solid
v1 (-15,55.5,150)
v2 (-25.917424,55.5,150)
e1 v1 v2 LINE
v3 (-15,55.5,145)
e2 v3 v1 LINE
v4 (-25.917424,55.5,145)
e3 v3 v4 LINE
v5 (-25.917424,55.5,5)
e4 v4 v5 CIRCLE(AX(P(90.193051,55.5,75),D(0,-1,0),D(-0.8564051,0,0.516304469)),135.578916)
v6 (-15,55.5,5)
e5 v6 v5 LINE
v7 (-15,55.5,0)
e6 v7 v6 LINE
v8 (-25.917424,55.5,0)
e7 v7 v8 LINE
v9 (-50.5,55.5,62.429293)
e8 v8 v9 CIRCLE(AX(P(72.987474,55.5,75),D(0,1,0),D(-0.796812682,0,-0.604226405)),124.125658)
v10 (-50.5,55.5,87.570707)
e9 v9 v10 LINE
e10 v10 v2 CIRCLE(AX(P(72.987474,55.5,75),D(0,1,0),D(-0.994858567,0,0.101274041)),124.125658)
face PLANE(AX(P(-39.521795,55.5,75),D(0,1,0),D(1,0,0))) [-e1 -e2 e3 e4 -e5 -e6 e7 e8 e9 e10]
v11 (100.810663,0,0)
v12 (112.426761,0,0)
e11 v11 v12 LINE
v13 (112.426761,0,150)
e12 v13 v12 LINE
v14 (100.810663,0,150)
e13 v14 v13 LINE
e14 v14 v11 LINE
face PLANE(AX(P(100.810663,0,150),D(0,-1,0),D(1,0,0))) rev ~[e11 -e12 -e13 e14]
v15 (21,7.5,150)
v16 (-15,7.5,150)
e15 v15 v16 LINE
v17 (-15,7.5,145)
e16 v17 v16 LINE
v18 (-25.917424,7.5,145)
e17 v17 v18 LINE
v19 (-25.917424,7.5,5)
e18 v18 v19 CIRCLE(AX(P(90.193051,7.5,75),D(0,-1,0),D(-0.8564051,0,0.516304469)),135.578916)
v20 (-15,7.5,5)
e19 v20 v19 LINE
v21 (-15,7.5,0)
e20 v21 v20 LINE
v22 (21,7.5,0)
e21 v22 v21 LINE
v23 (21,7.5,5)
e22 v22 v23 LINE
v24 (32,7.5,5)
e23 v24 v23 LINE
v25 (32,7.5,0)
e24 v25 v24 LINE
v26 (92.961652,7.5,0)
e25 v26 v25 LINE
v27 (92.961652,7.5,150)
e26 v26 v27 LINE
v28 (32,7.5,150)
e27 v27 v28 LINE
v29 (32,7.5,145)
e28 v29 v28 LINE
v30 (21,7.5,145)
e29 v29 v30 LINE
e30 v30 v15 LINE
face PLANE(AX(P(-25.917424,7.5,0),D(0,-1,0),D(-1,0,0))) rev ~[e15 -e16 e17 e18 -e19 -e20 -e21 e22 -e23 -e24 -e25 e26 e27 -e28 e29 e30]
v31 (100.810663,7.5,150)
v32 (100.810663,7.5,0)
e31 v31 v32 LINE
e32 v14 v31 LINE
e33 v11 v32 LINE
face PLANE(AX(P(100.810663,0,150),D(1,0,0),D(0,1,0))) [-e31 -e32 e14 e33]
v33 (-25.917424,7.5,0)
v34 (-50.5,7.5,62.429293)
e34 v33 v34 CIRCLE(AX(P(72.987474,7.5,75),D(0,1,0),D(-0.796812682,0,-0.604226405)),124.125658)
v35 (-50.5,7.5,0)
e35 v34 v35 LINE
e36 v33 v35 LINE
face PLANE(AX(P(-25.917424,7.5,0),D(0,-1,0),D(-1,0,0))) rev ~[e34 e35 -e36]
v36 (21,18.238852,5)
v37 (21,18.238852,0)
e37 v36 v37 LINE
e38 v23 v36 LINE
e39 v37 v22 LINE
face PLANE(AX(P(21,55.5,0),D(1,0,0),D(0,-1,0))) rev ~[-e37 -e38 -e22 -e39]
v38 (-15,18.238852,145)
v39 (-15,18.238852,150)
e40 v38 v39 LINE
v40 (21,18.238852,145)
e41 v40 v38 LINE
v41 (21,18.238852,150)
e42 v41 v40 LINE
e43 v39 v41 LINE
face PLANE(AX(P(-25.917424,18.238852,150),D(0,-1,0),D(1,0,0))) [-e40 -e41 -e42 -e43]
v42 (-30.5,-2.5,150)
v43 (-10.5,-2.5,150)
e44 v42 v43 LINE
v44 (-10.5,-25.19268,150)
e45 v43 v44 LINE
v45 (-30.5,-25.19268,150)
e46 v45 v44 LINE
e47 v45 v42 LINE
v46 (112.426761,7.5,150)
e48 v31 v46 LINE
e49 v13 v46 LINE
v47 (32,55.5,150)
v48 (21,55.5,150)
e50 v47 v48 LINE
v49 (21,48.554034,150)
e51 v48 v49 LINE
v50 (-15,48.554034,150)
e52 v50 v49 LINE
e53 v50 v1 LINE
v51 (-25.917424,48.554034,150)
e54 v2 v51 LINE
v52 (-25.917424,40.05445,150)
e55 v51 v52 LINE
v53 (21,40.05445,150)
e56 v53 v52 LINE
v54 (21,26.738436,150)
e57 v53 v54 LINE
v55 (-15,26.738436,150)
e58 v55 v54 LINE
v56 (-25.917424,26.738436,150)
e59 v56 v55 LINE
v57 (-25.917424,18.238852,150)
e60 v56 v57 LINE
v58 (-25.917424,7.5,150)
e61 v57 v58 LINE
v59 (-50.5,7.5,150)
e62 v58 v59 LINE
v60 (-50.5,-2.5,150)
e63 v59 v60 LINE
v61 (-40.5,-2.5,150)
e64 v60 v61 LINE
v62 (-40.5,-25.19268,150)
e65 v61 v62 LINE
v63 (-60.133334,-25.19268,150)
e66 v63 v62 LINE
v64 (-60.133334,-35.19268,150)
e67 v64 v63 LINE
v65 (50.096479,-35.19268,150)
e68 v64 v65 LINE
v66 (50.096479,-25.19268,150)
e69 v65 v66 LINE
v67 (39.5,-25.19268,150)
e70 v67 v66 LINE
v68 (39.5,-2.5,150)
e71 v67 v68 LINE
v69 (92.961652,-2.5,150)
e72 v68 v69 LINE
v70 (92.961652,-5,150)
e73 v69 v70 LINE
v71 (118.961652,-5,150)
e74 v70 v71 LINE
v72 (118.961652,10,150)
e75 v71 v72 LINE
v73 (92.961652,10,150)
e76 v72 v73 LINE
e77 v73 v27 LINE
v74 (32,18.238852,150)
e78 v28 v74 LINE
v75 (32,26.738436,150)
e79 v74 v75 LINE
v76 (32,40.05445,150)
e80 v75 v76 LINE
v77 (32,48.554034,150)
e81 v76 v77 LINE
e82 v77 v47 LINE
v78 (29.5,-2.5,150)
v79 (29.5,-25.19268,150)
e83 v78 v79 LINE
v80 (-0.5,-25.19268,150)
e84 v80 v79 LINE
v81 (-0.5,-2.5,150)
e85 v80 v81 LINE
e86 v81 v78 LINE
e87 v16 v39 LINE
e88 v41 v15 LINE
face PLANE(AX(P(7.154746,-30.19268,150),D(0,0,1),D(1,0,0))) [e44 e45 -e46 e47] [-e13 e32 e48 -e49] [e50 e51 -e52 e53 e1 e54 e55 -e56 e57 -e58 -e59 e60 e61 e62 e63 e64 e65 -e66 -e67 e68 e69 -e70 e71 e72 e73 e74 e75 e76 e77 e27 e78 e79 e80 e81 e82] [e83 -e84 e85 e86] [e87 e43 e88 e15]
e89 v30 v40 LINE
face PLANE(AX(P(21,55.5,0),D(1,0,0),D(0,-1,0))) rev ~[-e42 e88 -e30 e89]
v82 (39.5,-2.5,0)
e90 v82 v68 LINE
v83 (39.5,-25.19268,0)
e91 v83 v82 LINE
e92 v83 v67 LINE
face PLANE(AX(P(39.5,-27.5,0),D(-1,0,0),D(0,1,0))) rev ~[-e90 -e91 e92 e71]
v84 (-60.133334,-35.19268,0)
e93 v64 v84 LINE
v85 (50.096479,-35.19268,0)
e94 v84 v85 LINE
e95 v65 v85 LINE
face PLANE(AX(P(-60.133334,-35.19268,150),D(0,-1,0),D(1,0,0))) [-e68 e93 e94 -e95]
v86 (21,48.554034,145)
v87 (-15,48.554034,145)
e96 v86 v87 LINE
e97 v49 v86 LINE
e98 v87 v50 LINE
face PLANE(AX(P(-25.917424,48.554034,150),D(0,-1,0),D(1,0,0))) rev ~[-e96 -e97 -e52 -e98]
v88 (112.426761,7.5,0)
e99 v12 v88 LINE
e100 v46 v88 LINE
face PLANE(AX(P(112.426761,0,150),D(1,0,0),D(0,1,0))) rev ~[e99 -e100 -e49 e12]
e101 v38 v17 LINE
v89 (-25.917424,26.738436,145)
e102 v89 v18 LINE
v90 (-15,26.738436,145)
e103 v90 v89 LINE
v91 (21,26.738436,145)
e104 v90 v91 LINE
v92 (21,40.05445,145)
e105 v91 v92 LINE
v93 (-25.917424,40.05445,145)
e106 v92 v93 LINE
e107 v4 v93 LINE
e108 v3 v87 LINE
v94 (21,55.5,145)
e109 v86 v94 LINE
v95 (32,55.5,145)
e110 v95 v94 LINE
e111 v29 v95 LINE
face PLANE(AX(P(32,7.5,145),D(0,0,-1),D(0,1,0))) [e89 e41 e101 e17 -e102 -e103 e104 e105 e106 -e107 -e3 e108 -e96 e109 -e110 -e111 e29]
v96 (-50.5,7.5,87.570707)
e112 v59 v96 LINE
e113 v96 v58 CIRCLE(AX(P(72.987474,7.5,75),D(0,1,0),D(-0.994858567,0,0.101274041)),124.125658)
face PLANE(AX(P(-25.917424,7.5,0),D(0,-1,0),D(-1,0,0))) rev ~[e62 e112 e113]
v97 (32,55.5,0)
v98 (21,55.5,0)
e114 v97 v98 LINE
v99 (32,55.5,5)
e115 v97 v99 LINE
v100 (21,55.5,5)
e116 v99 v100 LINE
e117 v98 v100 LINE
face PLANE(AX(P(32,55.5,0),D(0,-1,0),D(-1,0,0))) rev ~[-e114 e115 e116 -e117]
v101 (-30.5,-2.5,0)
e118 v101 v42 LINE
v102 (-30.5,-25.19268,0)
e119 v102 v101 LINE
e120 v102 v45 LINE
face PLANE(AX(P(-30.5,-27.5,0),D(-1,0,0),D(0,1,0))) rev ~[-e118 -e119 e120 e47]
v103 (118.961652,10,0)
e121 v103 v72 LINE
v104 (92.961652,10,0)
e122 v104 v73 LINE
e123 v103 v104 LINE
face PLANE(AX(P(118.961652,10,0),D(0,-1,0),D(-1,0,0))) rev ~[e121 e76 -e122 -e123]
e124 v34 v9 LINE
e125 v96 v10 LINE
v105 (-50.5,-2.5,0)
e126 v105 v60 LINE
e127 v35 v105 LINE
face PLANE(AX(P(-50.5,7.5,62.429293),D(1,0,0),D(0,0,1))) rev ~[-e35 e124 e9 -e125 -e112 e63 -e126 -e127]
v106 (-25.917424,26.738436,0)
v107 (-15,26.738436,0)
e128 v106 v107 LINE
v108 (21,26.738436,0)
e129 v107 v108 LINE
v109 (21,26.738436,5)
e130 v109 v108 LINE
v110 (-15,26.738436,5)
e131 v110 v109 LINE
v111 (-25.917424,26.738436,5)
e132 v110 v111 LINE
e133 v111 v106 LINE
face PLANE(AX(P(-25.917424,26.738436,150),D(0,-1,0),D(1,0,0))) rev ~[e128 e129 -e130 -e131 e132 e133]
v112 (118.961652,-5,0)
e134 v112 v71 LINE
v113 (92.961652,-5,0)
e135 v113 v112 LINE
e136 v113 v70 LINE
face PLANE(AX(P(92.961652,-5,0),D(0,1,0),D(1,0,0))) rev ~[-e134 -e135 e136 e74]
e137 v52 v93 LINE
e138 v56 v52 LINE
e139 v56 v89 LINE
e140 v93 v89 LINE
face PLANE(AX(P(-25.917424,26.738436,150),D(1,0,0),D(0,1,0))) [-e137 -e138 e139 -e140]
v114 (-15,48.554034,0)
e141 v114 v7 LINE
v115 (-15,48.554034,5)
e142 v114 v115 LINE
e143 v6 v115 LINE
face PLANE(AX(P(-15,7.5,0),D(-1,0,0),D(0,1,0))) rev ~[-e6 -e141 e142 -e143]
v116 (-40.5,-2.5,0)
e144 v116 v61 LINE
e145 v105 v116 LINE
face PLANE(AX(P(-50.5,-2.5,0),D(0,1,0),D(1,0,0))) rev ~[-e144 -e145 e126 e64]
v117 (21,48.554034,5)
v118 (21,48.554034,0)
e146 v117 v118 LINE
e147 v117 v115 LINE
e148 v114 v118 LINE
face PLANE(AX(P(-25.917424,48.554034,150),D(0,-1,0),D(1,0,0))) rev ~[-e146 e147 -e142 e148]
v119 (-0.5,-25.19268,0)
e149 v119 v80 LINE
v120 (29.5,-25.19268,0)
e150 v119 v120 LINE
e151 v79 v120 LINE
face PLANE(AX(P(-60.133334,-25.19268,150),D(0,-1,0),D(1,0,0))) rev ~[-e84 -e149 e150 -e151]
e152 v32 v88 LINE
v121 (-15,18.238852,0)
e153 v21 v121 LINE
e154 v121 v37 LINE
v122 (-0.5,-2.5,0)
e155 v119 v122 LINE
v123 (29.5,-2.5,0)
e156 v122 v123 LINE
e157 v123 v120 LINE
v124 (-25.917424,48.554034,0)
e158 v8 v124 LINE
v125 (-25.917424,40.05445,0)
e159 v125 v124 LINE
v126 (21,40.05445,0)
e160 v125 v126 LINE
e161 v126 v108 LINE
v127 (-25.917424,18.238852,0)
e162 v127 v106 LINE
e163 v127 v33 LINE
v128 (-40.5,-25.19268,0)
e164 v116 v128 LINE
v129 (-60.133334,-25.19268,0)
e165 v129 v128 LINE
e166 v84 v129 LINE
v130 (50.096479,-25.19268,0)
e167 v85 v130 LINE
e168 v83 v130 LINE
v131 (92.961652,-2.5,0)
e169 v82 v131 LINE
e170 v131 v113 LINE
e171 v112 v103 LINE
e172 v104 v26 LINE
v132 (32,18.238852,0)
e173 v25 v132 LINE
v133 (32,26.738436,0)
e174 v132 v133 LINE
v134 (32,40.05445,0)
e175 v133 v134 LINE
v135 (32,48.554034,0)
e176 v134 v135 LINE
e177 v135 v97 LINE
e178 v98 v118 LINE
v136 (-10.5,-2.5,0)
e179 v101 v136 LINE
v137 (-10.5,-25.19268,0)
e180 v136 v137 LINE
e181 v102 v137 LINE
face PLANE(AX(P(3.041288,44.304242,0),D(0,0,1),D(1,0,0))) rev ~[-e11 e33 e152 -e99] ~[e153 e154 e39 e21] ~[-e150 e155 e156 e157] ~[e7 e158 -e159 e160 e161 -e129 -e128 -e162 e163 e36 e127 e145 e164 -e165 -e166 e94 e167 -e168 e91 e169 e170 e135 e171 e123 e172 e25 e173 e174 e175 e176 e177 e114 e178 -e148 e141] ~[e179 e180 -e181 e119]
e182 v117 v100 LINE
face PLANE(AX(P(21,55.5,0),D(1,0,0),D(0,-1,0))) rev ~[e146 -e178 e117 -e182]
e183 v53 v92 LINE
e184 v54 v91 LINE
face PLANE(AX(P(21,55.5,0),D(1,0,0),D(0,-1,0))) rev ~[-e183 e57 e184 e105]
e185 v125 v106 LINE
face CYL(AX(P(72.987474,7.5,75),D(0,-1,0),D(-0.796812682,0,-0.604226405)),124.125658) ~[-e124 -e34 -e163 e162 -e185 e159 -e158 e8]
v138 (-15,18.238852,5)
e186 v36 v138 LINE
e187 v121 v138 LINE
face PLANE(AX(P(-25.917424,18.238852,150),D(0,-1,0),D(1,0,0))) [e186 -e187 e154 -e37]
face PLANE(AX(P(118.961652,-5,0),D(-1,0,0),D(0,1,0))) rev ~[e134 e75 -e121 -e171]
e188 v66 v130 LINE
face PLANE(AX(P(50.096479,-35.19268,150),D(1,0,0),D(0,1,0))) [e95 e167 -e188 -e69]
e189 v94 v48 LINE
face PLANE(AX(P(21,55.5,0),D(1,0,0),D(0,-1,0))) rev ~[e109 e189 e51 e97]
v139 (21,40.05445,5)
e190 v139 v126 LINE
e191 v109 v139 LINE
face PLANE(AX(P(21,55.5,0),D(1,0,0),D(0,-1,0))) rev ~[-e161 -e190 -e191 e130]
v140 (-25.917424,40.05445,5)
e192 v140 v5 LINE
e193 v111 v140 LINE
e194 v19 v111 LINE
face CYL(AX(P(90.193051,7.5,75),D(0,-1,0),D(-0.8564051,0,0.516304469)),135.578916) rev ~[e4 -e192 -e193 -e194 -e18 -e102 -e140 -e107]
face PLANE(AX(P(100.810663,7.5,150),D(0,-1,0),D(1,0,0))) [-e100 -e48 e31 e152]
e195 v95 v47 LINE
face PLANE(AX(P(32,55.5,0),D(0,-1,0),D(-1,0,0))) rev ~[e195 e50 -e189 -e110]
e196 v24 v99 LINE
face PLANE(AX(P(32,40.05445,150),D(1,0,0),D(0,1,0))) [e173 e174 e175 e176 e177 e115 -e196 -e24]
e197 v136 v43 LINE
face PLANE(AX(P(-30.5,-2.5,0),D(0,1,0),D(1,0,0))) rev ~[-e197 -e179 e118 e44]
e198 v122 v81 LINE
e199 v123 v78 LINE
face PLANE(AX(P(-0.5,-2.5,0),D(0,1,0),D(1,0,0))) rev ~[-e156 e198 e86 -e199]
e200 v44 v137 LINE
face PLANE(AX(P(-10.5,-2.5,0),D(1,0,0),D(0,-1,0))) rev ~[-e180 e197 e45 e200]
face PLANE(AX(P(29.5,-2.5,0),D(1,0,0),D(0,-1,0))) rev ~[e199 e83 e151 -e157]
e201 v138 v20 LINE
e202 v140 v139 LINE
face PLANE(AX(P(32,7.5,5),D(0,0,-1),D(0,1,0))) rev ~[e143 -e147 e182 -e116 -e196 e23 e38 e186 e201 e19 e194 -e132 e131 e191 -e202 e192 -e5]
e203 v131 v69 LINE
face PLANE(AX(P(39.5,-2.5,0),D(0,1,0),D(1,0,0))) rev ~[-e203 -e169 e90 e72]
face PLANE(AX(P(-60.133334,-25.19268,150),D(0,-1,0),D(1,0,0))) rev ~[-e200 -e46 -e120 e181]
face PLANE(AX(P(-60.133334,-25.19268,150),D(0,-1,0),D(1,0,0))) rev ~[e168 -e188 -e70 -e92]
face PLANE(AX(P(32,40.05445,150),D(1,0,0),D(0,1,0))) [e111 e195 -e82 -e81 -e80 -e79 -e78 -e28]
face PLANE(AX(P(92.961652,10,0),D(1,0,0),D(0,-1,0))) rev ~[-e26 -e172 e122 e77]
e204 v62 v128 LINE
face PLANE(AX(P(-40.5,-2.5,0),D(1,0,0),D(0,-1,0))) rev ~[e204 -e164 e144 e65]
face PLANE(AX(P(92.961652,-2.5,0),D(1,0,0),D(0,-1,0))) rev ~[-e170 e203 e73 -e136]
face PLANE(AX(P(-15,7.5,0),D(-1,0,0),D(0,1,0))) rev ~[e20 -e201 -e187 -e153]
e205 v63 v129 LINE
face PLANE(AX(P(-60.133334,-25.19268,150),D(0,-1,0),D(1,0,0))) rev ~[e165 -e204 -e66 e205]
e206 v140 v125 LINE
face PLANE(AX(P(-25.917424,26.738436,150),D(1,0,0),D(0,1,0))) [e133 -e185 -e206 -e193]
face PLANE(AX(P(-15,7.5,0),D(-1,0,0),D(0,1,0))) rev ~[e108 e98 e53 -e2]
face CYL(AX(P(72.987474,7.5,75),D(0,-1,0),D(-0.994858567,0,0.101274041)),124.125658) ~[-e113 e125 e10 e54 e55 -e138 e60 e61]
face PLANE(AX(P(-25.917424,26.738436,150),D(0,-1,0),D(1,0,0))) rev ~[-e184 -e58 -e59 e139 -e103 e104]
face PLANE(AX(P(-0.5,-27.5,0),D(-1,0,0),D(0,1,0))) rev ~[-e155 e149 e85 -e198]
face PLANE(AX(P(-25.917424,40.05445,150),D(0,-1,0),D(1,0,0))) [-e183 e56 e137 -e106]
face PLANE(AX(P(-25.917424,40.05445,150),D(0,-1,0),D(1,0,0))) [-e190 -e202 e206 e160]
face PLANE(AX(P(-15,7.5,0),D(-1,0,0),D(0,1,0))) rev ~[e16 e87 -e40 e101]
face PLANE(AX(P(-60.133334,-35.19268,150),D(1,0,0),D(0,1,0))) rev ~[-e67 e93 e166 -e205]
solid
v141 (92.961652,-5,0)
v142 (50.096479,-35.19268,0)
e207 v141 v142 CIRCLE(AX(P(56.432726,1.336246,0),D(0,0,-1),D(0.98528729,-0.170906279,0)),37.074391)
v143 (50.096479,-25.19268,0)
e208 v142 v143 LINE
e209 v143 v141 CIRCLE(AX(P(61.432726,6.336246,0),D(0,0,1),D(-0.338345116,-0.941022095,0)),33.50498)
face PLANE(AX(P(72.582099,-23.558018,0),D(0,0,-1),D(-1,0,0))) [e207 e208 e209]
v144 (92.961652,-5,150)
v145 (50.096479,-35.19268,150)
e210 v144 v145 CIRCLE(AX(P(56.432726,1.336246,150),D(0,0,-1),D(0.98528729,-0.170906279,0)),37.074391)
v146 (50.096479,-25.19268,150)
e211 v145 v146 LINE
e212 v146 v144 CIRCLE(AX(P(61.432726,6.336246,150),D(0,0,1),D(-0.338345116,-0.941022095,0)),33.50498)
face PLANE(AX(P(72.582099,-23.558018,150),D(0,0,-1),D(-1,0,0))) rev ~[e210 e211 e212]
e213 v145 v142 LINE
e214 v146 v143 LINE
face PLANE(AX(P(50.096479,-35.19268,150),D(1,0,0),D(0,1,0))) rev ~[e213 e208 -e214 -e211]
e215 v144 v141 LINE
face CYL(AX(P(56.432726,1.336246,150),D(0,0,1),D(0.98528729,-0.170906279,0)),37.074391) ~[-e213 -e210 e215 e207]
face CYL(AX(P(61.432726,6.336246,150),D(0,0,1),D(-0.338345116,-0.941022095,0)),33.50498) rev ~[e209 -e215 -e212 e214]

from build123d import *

# Parameters (mm, degrees)
BOSS_EXTRUDE4_DEPTH  = 150
SKETCH4_W            = 134.576159563
SKETCH4_H            = 10
BOSS_EXTRUDE5_DEPTH  = 150
SKETCH6_W            = 11.616097845
SKETCH6_H            = 7.5
CUT_EXTRUDE2_DEPTH   = 150
SKETCH9_W            = 24.346346268
SKETCH9_H            = 10
CUT_EXTRUDE3_DEPTH   = 150
BOSS_EXTRUDE8_DEPTH  = 150
SKETCH11_W           = 140
SKETCH11_H           = 48
CUT_EXTRUDE5_DEPTH   = 150
SKETCH12_W           = 57.917424305
SKETCH12_H           = 8.499583788
SKETCH12_H_2         = 8.499583789
BOSS_EXTRUDE9_DEPTH  = 150
SKETCH13_W           = 140
SKETCH13_H           = 30.315182179
CUT_EXTRUDE6_DEPTH   = 150
BOSS_EXTRUDE10_DEPTH = 48
SKETCH17_W           = 10.917424305
SKETCH17_H           = 13.316014602
CUT_EXTRUDE7_DEPTH   = 150


with BuildPart() as part:
    # Sketch1 → Boss-Extrude4 (new body)
    with BuildSketch(Plane.XY):
        Polygon((-25.917424305, 7.5), (-50.5, 7.5), (-50.5, -2.5), (-40.5, -2.5), (-40.5, -27.5), (-30.5, -27.5), (-30.5, -2.5), (-10.5, -2.5), (-10.5, -27.5), (-0.5, -27.5), (-0.5, -2.5), (29.5, -2.5), (29.5, -27.5), (39.5, -27.5), (39.5, -2.5), (92.961651585, -2.5), (92.961651585, -5), (118.961651585, -5), (118.961651585, 10), (92.961651585, 10), (92.961651585, 7.5), (32, 7.5), (32, 55.5), (21, 55.5), (21, 7.5), (-15, 7.5), (-15, 55.5), (-25.917424305, 55.5), align=None)
    extrude(amount=BOSS_EXTRUDE4_DEPTH)

    # Sketch4 → Boss-Extrude5 (add)
    with BuildSketch(Plane.XY.offset(150)):
        with Locations((7.154745881, -30.19267984)):
            Rectangle(SKETCH4_W, SKETCH4_H)
    extrude(amount=-BOSS_EXTRUDE5_DEPTH)

    # Sketch6 → Cut-Extrude2 (cut)
    with BuildSketch(Plane.XY.offset(150)):
        with Locations((106.618711588, 3.75)):
            Rectangle(SKETCH6_W, SKETCH6_H)
    extrude(amount=-CUT_EXTRUDE2_DEPTH, mode=Mode.SUBTRACT)

    # Sketch9 → Cut-Extrude3 (cut)
    with BuildSketch(Plane.XY.offset(150)):
        with Locations((62.269652528, -30.19267984)):
            Rectangle(SKETCH9_W, SKETCH9_H)
    extrude(amount=-CUT_EXTRUDE3_DEPTH, mode=Mode.SUBTRACT)

    # Sketch11 → Cut-Extrude5 (cut)
    with BuildSketch(Plane(origin=(32, 0, 0), x_dir=(0, 0, -1), z_dir=(1, 0, 0))):
        with Locations((-75, 31.5)):
            Rectangle(SKETCH11_W, SKETCH11_H)
    extrude(amount=-CUT_EXTRUDE5_DEPTH, mode=Mode.SUBTRACT)

    # Sketch12 → Boss-Extrude9 (add)
    with BuildSketch(Plane.XY.offset(150)):
        with Locations((3.041287847, 44.304242043)):
            Rectangle(SKETCH12_W, SKETCH12_H)
        with Locations((3.041287847, 22.488643653)):
            Rectangle(SKETCH12_W, SKETCH12_H_2)
    extrude(amount=-BOSS_EXTRUDE9_DEPTH)

    # Sketch13 → Cut-Extrude6 (cut)
    with BuildSketch(Plane(origin=(32, 0, 0), x_dir=(0, 0, -1), z_dir=(1, 0, 0))):
        with Locations((-75, 33.396442847)):
            Rectangle(SKETCH13_W, SKETCH13_H)
    extrude(amount=-CUT_EXTRUDE6_DEPTH, mode=Mode.SUBTRACT)

    # Sketch16 → Boss-Extrude10 (add)
    with BuildSketch(Plane(origin=(0, 7.5, 0), x_dir=(1, 0, 0), z_dir=(0, 1, 0))):
        with BuildLine():
            Line((-25.917424305, -150), (-25.917424305, -145))
            ThreePointArc((-25.917424305, -145), (-45.385865108, -75), (-25.917424305, -5))
            Line((-25.917424305, -5), (-25.917424305, 0))
            ThreePointArc((-25.917424305, 0), (-42.506880721, -29.52217094), (-50.5, -62.429293047))
            Line((-50.5, -62.429293047), (-50.5, -87.570706953))
            ThreePointArc((-50.5, -87.570706953), (-42.506880721, -120.47782906), (-25.917424305, -150))
        make_face()
    extrude(amount=BOSS_EXTRUDE10_DEPTH)

    # Sketch17 → Cut-Extrude7 (cut)
    with BuildSketch(Plane.XY.offset(150)):
        with Locations((-20.458712153, 33.396442848)):
            Rectangle(SKETCH17_W, SKETCH17_H)
    extrude(amount=-CUT_EXTRUDE7_DEPTH, mode=Mode.SUBTRACT)


with BuildPart() as body_2:
    # Sketch10 → Boss-Extrude8 (new body)
    with BuildSketch(Plane.XY.offset(150)):
        with BuildLine():
            Line((50.096479394, -35.19267984), (50.096479394, -25.19267984))
            ThreePointArc((50.096479394, -25.19267984), (75.711106415, -23.974007757), (92.961651585, -5))
            ThreePointArc((92.961651585, -5), (77.782174226, -28.974007757), (50.096479394, -35.19267984))
        make_face()
    extrude(amount=-BOSS_EXTRUDE8_DEPTH)


solid = Compound([part.part, body_2.part])
